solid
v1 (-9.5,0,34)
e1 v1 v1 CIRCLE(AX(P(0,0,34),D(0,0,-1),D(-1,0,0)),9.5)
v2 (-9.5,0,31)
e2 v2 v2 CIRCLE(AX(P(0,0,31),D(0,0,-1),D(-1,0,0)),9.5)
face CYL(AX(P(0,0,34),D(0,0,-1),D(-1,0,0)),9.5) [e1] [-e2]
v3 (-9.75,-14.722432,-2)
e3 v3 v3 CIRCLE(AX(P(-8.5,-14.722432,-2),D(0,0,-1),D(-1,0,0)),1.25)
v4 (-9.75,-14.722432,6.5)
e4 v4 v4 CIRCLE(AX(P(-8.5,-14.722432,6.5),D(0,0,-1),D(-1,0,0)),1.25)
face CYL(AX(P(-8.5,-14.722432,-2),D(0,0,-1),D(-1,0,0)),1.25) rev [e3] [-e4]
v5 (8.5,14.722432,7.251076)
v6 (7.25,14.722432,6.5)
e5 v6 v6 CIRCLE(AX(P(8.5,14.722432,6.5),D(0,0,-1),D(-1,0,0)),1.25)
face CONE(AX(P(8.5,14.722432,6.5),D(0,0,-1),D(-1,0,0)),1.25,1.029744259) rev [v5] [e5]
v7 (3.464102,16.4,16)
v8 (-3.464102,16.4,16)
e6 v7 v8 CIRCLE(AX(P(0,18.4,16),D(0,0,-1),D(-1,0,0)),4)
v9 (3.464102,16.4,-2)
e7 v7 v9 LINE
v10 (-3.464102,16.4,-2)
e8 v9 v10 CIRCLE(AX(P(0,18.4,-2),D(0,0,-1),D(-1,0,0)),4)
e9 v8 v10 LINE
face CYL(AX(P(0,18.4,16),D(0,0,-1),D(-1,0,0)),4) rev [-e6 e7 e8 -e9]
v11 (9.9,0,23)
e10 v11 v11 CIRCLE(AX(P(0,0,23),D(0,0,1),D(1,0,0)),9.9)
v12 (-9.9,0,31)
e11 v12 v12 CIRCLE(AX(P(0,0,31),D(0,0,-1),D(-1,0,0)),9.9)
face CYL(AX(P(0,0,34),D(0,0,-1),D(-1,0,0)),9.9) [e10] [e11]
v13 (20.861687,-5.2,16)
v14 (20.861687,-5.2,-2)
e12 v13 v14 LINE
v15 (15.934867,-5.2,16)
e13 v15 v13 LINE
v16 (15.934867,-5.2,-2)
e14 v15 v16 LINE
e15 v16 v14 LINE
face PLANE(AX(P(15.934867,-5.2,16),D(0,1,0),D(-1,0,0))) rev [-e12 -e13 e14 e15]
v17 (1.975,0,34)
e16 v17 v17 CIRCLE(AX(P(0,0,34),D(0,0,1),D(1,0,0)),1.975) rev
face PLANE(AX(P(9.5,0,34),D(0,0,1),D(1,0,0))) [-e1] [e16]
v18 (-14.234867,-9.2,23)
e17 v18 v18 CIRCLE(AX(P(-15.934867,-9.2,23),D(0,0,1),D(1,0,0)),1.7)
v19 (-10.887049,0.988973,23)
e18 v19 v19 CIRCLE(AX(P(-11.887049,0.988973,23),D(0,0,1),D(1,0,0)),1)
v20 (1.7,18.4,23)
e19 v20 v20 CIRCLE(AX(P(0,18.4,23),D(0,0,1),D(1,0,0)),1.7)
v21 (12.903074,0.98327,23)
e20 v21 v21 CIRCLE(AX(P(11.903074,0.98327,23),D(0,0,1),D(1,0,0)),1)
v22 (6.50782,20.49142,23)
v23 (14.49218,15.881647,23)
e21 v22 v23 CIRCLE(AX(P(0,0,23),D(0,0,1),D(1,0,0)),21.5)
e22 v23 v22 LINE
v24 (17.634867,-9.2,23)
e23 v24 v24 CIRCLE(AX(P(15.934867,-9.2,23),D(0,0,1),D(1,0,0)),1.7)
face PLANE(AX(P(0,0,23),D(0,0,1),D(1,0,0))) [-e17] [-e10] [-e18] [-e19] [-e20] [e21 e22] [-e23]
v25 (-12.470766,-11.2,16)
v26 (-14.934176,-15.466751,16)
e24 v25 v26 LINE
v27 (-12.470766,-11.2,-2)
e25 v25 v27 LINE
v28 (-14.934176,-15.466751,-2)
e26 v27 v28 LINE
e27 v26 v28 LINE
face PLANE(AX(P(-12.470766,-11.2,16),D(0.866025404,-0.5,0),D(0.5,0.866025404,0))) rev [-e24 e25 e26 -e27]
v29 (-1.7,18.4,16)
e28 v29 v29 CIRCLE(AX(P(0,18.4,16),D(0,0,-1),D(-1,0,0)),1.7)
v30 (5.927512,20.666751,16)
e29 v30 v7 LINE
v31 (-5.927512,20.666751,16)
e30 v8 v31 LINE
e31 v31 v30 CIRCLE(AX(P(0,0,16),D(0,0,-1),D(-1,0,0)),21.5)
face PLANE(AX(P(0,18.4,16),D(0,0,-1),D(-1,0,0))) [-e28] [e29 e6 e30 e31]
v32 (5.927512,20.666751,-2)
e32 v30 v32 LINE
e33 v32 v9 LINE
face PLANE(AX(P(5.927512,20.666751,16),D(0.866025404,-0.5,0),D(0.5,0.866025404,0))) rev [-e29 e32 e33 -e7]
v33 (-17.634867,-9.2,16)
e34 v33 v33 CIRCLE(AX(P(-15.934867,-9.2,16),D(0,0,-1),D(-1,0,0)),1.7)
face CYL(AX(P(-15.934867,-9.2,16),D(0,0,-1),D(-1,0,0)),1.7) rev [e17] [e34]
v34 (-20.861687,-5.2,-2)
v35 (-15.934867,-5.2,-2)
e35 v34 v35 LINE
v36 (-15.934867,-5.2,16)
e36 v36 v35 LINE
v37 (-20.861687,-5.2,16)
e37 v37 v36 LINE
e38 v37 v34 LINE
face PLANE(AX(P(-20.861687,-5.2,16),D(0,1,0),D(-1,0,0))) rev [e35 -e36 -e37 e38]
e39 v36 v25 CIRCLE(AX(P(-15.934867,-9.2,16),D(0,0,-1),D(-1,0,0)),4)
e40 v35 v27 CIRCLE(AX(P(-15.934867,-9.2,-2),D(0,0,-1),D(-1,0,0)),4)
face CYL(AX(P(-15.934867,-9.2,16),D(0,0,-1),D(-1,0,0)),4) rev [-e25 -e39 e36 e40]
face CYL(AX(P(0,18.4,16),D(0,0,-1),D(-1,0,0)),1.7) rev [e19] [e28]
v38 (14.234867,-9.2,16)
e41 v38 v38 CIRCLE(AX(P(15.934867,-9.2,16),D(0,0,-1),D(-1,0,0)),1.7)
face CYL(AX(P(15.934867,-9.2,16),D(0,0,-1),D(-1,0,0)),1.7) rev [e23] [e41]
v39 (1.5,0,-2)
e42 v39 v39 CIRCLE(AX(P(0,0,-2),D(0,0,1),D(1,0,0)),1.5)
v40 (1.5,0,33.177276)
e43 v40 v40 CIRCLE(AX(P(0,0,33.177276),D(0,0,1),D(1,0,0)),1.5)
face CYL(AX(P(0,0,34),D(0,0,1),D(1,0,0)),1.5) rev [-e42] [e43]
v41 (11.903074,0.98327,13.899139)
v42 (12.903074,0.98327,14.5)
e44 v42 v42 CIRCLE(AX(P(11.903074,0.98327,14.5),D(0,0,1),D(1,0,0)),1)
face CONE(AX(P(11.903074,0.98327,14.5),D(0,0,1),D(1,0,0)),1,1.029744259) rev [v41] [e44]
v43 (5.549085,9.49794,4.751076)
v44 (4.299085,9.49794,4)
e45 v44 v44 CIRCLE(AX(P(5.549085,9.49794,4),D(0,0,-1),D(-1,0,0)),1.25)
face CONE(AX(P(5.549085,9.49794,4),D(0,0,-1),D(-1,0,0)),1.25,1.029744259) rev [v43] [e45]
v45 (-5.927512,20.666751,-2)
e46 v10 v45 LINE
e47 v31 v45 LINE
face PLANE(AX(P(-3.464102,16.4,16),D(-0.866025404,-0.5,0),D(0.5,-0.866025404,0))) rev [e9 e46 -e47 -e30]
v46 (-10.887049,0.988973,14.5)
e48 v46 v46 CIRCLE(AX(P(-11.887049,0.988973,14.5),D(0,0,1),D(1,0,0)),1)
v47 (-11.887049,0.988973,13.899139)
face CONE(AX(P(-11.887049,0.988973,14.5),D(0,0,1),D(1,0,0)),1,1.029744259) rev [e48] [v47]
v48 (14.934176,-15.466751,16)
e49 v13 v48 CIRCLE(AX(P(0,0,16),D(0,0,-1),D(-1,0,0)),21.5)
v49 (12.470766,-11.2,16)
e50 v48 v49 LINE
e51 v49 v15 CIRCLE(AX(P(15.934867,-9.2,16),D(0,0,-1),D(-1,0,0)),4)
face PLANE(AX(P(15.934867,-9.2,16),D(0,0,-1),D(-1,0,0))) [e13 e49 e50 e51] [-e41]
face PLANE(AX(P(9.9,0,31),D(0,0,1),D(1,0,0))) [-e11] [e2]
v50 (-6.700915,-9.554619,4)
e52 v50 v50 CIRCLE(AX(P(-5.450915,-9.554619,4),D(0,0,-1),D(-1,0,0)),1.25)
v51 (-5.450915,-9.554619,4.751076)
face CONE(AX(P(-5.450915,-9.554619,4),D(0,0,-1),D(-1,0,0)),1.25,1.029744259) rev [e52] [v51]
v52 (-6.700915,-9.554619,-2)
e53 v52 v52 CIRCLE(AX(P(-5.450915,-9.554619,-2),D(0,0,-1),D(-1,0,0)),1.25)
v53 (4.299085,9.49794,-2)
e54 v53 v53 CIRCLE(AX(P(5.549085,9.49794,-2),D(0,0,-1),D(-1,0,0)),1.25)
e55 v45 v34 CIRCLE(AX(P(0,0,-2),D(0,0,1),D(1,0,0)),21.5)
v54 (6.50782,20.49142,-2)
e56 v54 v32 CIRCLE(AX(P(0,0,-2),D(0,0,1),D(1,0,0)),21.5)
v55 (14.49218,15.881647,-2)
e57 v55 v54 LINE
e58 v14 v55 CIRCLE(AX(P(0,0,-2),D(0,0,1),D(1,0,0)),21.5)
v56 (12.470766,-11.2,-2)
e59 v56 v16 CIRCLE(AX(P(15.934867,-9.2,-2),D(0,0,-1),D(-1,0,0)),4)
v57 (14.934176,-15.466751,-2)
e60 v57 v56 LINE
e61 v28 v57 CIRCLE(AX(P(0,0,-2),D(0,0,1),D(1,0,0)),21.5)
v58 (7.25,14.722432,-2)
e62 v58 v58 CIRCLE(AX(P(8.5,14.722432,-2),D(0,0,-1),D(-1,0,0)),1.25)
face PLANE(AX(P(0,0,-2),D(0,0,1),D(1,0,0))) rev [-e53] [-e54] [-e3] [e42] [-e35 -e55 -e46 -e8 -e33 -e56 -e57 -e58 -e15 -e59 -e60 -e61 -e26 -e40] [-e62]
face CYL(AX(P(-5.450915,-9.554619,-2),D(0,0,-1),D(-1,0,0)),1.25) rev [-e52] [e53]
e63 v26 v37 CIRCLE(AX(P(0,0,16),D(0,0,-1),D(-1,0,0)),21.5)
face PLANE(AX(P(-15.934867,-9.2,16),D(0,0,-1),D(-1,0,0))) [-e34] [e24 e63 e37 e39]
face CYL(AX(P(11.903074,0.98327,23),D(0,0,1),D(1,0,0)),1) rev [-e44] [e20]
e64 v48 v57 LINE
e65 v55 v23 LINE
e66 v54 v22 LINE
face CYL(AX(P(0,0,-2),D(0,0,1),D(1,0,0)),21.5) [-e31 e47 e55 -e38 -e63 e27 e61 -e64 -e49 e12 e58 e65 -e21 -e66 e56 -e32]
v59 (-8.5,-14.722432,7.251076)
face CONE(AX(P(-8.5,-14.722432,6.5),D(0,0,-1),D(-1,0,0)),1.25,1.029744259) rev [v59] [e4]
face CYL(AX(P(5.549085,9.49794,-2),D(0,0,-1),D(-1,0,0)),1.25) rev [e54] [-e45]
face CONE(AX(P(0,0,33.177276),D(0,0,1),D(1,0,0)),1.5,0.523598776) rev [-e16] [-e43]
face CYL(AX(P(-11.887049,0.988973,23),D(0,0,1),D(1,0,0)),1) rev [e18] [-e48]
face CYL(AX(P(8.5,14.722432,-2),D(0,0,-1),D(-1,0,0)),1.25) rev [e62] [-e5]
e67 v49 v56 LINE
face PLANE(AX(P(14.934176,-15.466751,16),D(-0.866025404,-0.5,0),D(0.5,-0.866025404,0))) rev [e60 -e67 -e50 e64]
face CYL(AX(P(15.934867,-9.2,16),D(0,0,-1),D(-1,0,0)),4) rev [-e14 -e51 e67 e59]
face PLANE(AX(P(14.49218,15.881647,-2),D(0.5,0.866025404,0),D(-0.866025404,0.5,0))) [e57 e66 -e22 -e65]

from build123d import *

# Parameters (mm, degrees)
AUFSATZ_LINEAR_AUSTRAGEN1_DEPTH      = 25
SCHNITT_LINEAR_START                 = -18
SCHNITT_LINEAR_AUSTRAGEN1_DEPTH      = 18
SCHNITT_LINEAR_AUSTRAGEN2_DEPTH      = 18
SCHNITT_LINEAR_AUSTRAGEN3_DEPTH      = 18
F_3_4_3_4_DURCHMESSER_BOHRUNG1_D     = 3.4
F_3_4_3_4_DURCHMESSER_BOHRUNG1_DEPTH = 18
F_3_0_3_DURCHMESSER_BOHRUNG2_D       = 3
FASE1_SIZE                           = 0.475
FASE1_SIZE2                          = 0.822724134
M3_GEWINDEBOHRUNG1_D                 = 2.5
M3_GEWINDEBOHRUNG1_DEPTH             = 8.5
M3_GEWINDEBOHRUNG1_TIP               = 0.751075774
F_2_5_2_5_DURCHMESSER_BOHRUNG4_D     = 2.5
F_2_5_2_5_DURCHMESSER_BOHRUNG4_DEPTH = 6
F_2_5_2_5_DURCHMESSER_BOHRUNG4_TIP   = 0.751075774
F_2_0MM_STIFTLOCH1_D                 = 2
F_2_0MM_STIFTLOCH1_DEPTH             = 8.5
F_2_0MM_STIFTLOCH1_TIP               = 0.600860619


with BuildPart() as part:
    # Skizze1 → Aufsatz-Linear austragen1 (new body)
    with BuildSketch(Plane.XY.offset(23)):
        with BuildLine():
            Line((14.492179856, 15.881647365), (6.507820144, 20.491419594))
            ThreePointArc((6.507820144, 20.491419594), (-10.75, -18.619546181), (14.492179856, 15.881647365))
        make_face()
    extrude(amount=-AUFSATZ_LINEAR_AUSTRAGEN1_DEPTH)

    # Skizze2 → Schnitt-Linear austragen1 (cut)
    with BuildSketch(Plane(origin=(0, 0, -2), x_dir=(-1, 0, 0), z_dir=(0, 0, -1)).offset(SCHNITT_LINEAR_START)):
        with BuildLine():
            Line((3.464101615, 16.4), (5.927511586, 20.66675123))
            ThreePointArc((5.927511586, 20.66675123), (0, 21.5), (-5.927511586, 20.66675123))
            Line((-5.927511586, 20.66675123), (-3.464101615, 16.4))
            ThreePointArc((-3.464101615, 16.4), (0, 14.4), (3.464101615, 16.4))
        make_face()
    extrude(amount=SCHNITT_LINEAR_AUSTRAGEN1_DEPTH, mode=Mode.SUBTRACT)

    # Skizze3 → Schnitt-Linear austragen2 (cut)
    with BuildSketch(Plane(origin=(0, 0, -2), x_dir=(-1, 0, 0), z_dir=(0, 0, -1)).offset(SCHNITT_LINEAR_START)):
        with BuildLine():
            Line((12.470765815, -11.2), (14.934175786, -15.46675123))
            ThreePointArc((14.934175786, -15.46675123), (18.619546181, -10.75), (20.861687372, -5.2))
            Line((20.861687372, -5.2), (15.93486743, -5.2))
            ThreePointArc((15.93486743, -5.2), (12.470765815, -7.2), (12.470765815, -11.2))
        make_face()
    extrude(amount=SCHNITT_LINEAR_AUSTRAGEN2_DEPTH, mode=Mode.SUBTRACT)

    # Skizze4 → Schnitt-Linear austragen3 (cut)
    with BuildSketch(Plane(origin=(0, 0, -2), x_dir=(-1, 0, 0), z_dir=(0, 0, -1)).offset(SCHNITT_LINEAR_START)):
        with BuildLine():
            Line((-15.93486743, -5.2), (-20.861687372, -5.2))
            ThreePointArc((-20.861687372, -5.2), (-18.619546181, -10.75), (-14.934175786, -15.46675123))
            Line((-14.934175786, -15.46675123), (-12.470765815, -11.2))
            ThreePointArc((-12.470765815, -11.2), (-12.470765815, -7.2), (-15.93486743, -5.2))
        make_face()
    extrude(amount=SCHNITT_LINEAR_AUSTRAGEN3_DEPTH, mode=Mode.SUBTRACT)

    # Skizze7 → Rotation1 (revolve)
    with BuildSketch(Plane.XZ, mode=Mode.PRIVATE) as rotation1_sk:
        Polygon((9.5, 34), (0, 34), (0, 23), (9.9, 23), (9.9, 31), (9.5, 31), align=None)
    revolve(rotation1_sk.sketch.rotate(Axis((0, 0, 34), (0, 0, -1)), 180), axis=Axis((0, 0, 34), (0, 0, -1)))

    # Ø3.4 (3.4) Durchmesser Bohrung1
    with Locations(Plane(origin=(0, 0, 16), x_dir=(-1, 0, 0), z_dir=(0, 0, -1))):
        with Locations((0, 18.4), (15.93486743, -9.2), (-15.93486743, -9.2)):
            Hole(F_3_4_3_4_DURCHMESSER_BOHRUNG1_D / 2, depth=F_3_4_3_4_DURCHMESSER_BOHRUNG1_DEPTH)

    # Ø3.0 (3) Durchmesser Bohrung2 (through all)
    with Locations(Plane.XY.offset(34)):
        with Locations((0, 0)):
            Hole(F_3_0_3_DURCHMESSER_BOHRUNG2_D / 2)

    # Fase1
    fase1_edges = [part.edges().sort_by_distance(p)[0] for p in [
        (1.5, 0, 34),
    ]]
    fase1_side = [part.faces().sort_by_distance(p)[0] for p in [
        (9.231299423, 0, 34),
    ]]
    chamfer(fase1_edges, length=FASE1_SIZE, length2=FASE1_SIZE2, reference=fase1_side[0])

    # M3 Gewindebohrung1
    with Locations(Plane(origin=(0, 0, -2), x_dir=(-1, 0, 0), z_dir=(0, 0, -1))):
        with Locations((-8.5, 14.722431864), (8.5, -14.722431864)):
            Hole(M3_GEWINDEBOHRUNG1_D / 2, depth=M3_GEWINDEBOHRUNG1_DEPTH)
            with Locations((0, 0, -(M3_GEWINDEBOHRUNG1_DEPTH + M3_GEWINDEBOHRUNG1_TIP / 2))):  # 118° drill point
                Cone(0, M3_GEWINDEBOHRUNG1_D / 2, M3_GEWINDEBOHRUNG1_TIP, mode=Mode.SUBTRACT)

    # Ø2.5 (2.5) Durchmesser Bohrung4
    with Locations(Plane(origin=(0, 0, -2), x_dir=(-1, 0, 0), z_dir=(0, 0, -1))):
        with Locations((-5.549084958, 9.497940228), (5.450915042, -9.554618655)):
            Hole(F_2_5_2_5_DURCHMESSER_BOHRUNG4_D / 2, depth=F_2_5_2_5_DURCHMESSER_BOHRUNG4_DEPTH)
            with Locations((0, 0, -(F_2_5_2_5_DURCHMESSER_BOHRUNG4_DEPTH + F_2_5_2_5_DURCHMESSER_BOHRUNG4_TIP / 2))):  # 118° drill point
                Cone(0, F_2_5_2_5_DURCHMESSER_BOHRUNG4_D / 2, F_2_5_2_5_DURCHMESSER_BOHRUNG4_TIP, mode=Mode.SUBTRACT)

    # Ø2.0mm Stiftloch1
    with Locations(Plane.XY.offset(23)):
        with Locations((-11.887048957, 0.988972746), (11.903074361, 0.983270441)):
            Hole(F_2_0MM_STIFTLOCH1_D / 2, depth=F_2_0MM_STIFTLOCH1_DEPTH)
            with Locations((0, 0, -(F_2_0MM_STIFTLOCH1_DEPTH + F_2_0MM_STIFTLOCH1_TIP / 2))):  # 118° drill point
                Cone(0, F_2_0MM_STIFTLOCH1_D / 2, F_2_0MM_STIFTLOCH1_TIP, mode=Mode.SUBTRACT)


solid = part.part
